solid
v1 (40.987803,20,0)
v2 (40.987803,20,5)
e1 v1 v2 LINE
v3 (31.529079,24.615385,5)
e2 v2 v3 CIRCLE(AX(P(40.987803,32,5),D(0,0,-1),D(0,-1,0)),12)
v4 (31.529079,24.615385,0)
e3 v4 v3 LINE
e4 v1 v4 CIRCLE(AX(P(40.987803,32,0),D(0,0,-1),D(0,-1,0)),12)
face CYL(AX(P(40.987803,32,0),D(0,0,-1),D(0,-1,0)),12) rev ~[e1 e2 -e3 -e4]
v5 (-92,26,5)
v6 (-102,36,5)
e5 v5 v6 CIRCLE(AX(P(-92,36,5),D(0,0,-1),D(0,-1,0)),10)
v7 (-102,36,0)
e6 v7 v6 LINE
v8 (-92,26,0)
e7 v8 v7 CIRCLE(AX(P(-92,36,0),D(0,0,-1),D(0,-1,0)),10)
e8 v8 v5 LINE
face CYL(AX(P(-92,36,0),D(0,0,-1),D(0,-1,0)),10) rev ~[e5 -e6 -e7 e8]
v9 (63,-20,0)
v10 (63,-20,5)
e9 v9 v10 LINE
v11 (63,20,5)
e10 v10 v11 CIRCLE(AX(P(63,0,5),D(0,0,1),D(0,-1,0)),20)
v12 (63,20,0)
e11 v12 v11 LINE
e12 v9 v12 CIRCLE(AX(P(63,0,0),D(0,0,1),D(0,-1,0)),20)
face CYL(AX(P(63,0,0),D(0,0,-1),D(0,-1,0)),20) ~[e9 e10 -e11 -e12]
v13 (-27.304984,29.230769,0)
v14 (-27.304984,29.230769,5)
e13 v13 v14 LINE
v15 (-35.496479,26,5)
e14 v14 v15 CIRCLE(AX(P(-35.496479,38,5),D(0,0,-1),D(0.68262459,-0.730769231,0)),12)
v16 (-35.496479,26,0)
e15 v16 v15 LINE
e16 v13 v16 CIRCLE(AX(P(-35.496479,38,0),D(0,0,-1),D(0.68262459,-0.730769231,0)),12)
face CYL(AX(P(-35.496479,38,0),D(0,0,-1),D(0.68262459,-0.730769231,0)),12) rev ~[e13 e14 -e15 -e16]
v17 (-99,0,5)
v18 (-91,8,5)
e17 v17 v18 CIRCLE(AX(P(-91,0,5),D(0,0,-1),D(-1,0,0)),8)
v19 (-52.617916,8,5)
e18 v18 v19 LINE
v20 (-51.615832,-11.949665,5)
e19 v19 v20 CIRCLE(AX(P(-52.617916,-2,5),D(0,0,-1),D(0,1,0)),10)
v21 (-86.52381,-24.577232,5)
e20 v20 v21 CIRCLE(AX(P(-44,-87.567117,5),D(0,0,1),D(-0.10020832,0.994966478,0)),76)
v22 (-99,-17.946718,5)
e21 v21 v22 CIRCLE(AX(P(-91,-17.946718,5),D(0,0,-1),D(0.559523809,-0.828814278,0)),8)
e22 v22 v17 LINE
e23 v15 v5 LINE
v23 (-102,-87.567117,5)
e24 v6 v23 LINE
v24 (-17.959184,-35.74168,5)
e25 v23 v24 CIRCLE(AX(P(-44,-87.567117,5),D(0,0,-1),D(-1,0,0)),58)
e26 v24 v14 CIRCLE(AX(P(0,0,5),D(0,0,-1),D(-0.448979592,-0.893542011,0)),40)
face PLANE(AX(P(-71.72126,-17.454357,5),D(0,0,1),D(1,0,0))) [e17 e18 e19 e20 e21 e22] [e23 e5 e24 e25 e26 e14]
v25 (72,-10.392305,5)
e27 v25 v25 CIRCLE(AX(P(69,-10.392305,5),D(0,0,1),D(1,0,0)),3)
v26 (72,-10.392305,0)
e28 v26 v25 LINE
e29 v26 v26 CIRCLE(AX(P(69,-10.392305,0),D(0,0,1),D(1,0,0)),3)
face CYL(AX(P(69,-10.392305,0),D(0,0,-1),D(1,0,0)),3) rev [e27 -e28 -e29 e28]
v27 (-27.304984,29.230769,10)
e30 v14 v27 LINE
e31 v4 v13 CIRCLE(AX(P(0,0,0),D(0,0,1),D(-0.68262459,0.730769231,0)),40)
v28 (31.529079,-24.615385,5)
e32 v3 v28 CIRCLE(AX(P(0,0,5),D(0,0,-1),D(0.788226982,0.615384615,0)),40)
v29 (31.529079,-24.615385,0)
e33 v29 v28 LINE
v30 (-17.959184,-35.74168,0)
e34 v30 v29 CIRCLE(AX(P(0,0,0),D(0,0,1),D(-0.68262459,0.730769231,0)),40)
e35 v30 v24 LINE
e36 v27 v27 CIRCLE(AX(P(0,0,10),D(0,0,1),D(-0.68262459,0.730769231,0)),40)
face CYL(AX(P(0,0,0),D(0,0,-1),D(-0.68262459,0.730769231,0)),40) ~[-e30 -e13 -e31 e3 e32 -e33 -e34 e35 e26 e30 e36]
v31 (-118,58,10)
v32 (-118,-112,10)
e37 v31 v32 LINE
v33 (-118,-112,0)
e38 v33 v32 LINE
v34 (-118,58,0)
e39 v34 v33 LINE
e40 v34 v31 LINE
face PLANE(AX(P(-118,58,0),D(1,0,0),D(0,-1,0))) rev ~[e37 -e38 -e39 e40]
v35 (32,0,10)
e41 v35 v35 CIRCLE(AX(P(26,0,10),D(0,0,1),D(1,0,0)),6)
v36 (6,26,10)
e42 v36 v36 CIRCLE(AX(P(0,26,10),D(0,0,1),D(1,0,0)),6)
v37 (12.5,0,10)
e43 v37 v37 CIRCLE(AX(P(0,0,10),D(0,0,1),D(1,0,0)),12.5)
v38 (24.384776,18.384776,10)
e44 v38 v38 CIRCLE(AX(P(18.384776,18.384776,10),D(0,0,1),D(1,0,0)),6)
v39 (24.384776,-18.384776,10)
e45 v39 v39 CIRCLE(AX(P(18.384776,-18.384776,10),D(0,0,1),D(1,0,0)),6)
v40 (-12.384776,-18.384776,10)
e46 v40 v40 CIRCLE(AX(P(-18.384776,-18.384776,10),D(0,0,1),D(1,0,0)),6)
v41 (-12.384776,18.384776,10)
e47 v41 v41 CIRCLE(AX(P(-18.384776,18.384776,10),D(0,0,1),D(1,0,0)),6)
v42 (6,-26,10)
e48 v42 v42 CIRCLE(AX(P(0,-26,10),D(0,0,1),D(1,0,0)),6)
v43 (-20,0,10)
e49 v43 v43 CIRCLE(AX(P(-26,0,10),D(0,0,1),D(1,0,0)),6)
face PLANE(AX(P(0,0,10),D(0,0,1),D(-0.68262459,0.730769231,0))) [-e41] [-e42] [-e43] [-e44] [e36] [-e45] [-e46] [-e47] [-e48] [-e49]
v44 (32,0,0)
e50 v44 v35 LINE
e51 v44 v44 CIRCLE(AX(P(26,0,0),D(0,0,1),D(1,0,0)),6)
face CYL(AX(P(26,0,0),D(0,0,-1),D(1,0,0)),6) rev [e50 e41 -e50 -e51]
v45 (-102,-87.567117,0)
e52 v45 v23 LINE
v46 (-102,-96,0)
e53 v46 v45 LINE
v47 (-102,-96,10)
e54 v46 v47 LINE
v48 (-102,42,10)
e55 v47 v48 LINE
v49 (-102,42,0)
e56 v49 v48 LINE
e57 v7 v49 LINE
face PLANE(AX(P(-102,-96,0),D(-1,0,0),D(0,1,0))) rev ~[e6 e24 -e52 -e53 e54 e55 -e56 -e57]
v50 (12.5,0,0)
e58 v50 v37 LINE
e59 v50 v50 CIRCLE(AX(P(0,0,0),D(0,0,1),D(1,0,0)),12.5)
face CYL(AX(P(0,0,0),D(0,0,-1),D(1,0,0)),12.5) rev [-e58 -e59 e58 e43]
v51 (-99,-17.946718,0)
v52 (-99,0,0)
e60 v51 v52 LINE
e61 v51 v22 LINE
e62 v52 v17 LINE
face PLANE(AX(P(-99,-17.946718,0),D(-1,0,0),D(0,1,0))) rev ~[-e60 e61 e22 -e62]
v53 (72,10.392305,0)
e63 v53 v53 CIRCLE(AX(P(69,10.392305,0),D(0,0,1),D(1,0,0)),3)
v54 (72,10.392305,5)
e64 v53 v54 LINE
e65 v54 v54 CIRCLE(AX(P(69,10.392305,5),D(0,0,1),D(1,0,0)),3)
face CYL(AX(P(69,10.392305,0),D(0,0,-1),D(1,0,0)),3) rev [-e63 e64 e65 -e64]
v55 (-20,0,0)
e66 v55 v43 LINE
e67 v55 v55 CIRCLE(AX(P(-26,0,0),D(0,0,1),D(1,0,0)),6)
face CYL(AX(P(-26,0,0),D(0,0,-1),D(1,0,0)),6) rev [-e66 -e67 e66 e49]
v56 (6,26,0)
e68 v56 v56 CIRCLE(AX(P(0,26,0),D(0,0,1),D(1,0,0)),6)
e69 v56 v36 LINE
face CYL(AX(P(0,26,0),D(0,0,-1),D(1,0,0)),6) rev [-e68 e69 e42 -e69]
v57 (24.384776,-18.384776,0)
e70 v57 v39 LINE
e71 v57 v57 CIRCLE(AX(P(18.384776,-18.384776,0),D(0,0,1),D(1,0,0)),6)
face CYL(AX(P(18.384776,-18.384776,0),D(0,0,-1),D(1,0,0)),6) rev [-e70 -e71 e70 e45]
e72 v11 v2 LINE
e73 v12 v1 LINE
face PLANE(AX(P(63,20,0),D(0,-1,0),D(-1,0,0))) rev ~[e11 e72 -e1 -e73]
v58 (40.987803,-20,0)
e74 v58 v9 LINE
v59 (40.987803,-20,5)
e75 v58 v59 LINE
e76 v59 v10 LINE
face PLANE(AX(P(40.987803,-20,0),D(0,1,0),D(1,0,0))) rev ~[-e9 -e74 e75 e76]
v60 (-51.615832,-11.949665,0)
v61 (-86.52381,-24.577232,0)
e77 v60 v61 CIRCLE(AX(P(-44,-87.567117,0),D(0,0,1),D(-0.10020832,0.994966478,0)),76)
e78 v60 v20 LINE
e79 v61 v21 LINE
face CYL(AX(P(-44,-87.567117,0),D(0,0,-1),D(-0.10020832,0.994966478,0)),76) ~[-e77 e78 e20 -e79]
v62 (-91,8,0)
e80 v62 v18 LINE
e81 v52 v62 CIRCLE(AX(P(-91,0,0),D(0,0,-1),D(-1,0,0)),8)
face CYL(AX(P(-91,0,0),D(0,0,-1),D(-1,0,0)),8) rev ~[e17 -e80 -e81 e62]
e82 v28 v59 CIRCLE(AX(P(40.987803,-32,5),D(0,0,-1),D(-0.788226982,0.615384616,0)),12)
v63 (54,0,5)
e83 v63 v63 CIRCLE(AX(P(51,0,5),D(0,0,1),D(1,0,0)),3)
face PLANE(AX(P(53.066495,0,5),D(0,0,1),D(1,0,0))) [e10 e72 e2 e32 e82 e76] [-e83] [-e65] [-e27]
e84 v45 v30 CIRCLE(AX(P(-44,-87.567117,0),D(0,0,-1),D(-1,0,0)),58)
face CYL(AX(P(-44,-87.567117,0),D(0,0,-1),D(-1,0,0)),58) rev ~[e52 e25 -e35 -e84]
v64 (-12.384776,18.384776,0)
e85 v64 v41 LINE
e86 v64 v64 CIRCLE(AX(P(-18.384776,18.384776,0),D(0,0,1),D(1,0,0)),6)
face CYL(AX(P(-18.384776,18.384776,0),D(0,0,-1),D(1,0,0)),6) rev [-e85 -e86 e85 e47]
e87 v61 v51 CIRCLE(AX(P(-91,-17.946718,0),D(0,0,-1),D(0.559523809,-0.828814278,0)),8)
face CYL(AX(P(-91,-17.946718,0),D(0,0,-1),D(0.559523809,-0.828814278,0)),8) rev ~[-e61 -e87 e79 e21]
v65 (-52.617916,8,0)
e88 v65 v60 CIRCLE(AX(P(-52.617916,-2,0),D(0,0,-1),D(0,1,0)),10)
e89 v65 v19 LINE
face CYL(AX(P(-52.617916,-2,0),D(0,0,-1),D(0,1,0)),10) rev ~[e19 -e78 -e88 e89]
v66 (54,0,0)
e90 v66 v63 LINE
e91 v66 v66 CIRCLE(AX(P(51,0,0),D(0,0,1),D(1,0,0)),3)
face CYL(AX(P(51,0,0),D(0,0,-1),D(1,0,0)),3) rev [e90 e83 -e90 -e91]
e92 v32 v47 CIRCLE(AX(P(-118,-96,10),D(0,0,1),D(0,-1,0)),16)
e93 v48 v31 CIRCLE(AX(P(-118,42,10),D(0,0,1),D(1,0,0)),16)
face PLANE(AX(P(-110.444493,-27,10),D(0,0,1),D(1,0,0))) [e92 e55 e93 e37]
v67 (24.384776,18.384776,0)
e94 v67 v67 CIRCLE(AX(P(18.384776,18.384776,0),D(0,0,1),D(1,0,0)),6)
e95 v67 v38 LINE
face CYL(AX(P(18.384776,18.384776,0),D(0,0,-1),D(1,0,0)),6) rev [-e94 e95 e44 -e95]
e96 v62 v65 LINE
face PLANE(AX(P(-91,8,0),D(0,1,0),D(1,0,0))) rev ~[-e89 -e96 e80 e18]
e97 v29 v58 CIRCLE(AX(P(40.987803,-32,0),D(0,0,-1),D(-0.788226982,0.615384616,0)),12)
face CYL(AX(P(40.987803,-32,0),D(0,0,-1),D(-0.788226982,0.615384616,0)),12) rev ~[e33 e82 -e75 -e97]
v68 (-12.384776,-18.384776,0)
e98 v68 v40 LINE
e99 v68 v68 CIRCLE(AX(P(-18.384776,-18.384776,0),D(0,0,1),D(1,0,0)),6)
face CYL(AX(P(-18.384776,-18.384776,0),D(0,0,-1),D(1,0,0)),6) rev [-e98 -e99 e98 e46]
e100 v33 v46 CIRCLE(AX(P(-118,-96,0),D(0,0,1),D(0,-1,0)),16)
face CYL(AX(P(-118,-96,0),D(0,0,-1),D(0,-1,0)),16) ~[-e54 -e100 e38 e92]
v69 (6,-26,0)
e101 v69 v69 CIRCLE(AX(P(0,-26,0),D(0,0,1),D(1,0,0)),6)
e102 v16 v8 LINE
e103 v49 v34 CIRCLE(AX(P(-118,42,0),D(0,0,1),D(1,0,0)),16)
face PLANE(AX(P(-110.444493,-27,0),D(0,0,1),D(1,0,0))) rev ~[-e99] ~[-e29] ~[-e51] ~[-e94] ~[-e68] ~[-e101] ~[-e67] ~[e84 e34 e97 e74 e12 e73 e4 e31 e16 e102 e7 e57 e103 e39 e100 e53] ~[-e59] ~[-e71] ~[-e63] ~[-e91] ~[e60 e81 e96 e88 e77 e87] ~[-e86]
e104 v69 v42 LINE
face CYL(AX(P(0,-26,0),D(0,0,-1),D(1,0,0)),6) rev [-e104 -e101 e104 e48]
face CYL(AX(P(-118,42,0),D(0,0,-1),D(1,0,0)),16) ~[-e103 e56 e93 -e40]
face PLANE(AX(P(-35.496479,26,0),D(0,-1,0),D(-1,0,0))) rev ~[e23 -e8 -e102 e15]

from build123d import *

# Parameters (mm, degrees)
SKETCH_2_R        = 3
EXTRUDE_1_DEPTH   = 5
EXTRUDE_1_2_DEPTH = 5
SKETCH_2_3_R      = 40
SKETCH_2_3_R_2    = 6
SKETCH_2_3_R_3    = 12.5
EXTRUDE_2_DEPTH   = 10


with BuildPart() as part:
    # Эскиз2 → Бобышка-Вытянуть1 (new body)
    with BuildSketch(Plane.XY):
        with BuildLine():
            ThreePointArc((63, -20), (83, 0), (63, 20))
            Line((63, 20), (40.987803064, 20))
            ThreePointArc((40.987803064, 20), (35.725454948, 21.215395589), (31.52907928, 24.615384615))
            ThreePointArc((31.52907928, 24.615384615), (40, 0), (31.52907928, -24.615384615))
            ThreePointArc((31.52907928, -24.615384615), (35.725454948, -21.215395589), (40.987803064, -20))
            Line((40.987803064, -20), (63, -20))
        make_face()
        with Locations((69, -10.392304845)):
            Circle(SKETCH_2_R, mode=Mode.SUBTRACT)
        with Locations((51, 0)):
            Circle(SKETCH_2_R, mode=Mode.SUBTRACT)
        with Locations((69, 10.392304845)):
            Circle(SKETCH_2_R, mode=Mode.SUBTRACT)
    extrude(amount=EXTRUDE_1_DEPTH)



with BuildPart() as body_2:
    # Эскиз2 → Extrude 1 2 (new body)
    with BuildSketch(Plane.XY):
        with BuildLine():
            ThreePointArc((-17.959183673, -35.741680455), (-39.592499474, -5.695084317), (-27.304983614, 29.230769231))
            ThreePointArc((-27.304983614, 29.230769231), (-31.093682384, 26.836873887), (-35.496478699, 26))
            Line((-35.496478699, 26), (-92, 26))
            ThreePointArc((-92, 26), (-99.071067812, 28.928932188), (-102, 36))
            Line((-102, 36), (-102, -87.567117116))
            ThreePointArc((-102, -87.567117116), (-74.443658232, -38.199276638), (-17.959183673, -35.741680455))
        make_face()
        with BuildLine():
            ThreePointArc((-99, 0), (-96.656854249, 5.656854249), (-91, 8))
            Line((-91, 8), (-52.617915552, 8))
            ThreePointArc((-52.617915552, 8), (-42.630507284, -1.498326705), (-51.615832348, -11.949664781))
            ThreePointArc((-51.615832348, -11.949664781), (-69.852655287, -16.099360648), (-86.523809524, -24.577232027))
            ThreePointArc((-86.523809524, -24.577232027), (-94.754362542, -25.011048058), (-99, -17.946717807))
            Line((-99, -17.946717807), (-99, 0))
        make_face(mode=Mode.SUBTRACT)
    extrude(amount=EXTRUDE_1_2_DEPTH)


with BuildPart() as part_1:
    add(part.part)

    add(body_2.part)  # Бобышка-Вытянуть2 merges body 2
    # Эскиз2<3> → Бобышка-Вытянуть2 (add)
    # profile 1 of 2: a face of its own
    with BuildSketch(Plane.XY):
        Circle(SKETCH_2_3_R)
        with Locations((-18.384776311, -18.384776311)):
            Circle(SKETCH_2_3_R_2, mode=Mode.SUBTRACT)
        with Locations((-26, 0)):
            Circle(SKETCH_2_3_R_2, mode=Mode.SUBTRACT)
        with Locations((-18.384776311, 18.384776311)):
            Circle(SKETCH_2_3_R_2, mode=Mode.SUBTRACT)
        with Locations((0, -26)):
            Circle(SKETCH_2_3_R_2, mode=Mode.SUBTRACT)
        with Locations((18.384776311, -18.384776311)):
            Circle(SKETCH_2_3_R_2, mode=Mode.SUBTRACT)
        Circle(SKETCH_2_3_R_3, mode=Mode.SUBTRACT)
        with Locations((26, 0)):
            Circle(SKETCH_2_3_R_2, mode=Mode.SUBTRACT)
        with Locations((0, 26)):
            Circle(SKETCH_2_3_R_2, mode=Mode.SUBTRACT)
        with Locations((18.384776311, 18.384776311)):
            Circle(SKETCH_2_3_R_2, mode=Mode.SUBTRACT)
    # profile 2 of 2: a face of its own
    with BuildSketch(Plane.XY):
        with BuildLine():
            Line((-102, -96), (-102, 42))
            ThreePointArc((-102, 42), (-106.686291501, 53.313708499), (-118, 58))
            Line((-118, 58), (-118, -112))
            ThreePointArc((-118, -112), (-106.686291501, -107.313708499), (-102, -96))
        make_face()
    extrude(amount=EXTRUDE_2_DEPTH)


solid = part_1.part
